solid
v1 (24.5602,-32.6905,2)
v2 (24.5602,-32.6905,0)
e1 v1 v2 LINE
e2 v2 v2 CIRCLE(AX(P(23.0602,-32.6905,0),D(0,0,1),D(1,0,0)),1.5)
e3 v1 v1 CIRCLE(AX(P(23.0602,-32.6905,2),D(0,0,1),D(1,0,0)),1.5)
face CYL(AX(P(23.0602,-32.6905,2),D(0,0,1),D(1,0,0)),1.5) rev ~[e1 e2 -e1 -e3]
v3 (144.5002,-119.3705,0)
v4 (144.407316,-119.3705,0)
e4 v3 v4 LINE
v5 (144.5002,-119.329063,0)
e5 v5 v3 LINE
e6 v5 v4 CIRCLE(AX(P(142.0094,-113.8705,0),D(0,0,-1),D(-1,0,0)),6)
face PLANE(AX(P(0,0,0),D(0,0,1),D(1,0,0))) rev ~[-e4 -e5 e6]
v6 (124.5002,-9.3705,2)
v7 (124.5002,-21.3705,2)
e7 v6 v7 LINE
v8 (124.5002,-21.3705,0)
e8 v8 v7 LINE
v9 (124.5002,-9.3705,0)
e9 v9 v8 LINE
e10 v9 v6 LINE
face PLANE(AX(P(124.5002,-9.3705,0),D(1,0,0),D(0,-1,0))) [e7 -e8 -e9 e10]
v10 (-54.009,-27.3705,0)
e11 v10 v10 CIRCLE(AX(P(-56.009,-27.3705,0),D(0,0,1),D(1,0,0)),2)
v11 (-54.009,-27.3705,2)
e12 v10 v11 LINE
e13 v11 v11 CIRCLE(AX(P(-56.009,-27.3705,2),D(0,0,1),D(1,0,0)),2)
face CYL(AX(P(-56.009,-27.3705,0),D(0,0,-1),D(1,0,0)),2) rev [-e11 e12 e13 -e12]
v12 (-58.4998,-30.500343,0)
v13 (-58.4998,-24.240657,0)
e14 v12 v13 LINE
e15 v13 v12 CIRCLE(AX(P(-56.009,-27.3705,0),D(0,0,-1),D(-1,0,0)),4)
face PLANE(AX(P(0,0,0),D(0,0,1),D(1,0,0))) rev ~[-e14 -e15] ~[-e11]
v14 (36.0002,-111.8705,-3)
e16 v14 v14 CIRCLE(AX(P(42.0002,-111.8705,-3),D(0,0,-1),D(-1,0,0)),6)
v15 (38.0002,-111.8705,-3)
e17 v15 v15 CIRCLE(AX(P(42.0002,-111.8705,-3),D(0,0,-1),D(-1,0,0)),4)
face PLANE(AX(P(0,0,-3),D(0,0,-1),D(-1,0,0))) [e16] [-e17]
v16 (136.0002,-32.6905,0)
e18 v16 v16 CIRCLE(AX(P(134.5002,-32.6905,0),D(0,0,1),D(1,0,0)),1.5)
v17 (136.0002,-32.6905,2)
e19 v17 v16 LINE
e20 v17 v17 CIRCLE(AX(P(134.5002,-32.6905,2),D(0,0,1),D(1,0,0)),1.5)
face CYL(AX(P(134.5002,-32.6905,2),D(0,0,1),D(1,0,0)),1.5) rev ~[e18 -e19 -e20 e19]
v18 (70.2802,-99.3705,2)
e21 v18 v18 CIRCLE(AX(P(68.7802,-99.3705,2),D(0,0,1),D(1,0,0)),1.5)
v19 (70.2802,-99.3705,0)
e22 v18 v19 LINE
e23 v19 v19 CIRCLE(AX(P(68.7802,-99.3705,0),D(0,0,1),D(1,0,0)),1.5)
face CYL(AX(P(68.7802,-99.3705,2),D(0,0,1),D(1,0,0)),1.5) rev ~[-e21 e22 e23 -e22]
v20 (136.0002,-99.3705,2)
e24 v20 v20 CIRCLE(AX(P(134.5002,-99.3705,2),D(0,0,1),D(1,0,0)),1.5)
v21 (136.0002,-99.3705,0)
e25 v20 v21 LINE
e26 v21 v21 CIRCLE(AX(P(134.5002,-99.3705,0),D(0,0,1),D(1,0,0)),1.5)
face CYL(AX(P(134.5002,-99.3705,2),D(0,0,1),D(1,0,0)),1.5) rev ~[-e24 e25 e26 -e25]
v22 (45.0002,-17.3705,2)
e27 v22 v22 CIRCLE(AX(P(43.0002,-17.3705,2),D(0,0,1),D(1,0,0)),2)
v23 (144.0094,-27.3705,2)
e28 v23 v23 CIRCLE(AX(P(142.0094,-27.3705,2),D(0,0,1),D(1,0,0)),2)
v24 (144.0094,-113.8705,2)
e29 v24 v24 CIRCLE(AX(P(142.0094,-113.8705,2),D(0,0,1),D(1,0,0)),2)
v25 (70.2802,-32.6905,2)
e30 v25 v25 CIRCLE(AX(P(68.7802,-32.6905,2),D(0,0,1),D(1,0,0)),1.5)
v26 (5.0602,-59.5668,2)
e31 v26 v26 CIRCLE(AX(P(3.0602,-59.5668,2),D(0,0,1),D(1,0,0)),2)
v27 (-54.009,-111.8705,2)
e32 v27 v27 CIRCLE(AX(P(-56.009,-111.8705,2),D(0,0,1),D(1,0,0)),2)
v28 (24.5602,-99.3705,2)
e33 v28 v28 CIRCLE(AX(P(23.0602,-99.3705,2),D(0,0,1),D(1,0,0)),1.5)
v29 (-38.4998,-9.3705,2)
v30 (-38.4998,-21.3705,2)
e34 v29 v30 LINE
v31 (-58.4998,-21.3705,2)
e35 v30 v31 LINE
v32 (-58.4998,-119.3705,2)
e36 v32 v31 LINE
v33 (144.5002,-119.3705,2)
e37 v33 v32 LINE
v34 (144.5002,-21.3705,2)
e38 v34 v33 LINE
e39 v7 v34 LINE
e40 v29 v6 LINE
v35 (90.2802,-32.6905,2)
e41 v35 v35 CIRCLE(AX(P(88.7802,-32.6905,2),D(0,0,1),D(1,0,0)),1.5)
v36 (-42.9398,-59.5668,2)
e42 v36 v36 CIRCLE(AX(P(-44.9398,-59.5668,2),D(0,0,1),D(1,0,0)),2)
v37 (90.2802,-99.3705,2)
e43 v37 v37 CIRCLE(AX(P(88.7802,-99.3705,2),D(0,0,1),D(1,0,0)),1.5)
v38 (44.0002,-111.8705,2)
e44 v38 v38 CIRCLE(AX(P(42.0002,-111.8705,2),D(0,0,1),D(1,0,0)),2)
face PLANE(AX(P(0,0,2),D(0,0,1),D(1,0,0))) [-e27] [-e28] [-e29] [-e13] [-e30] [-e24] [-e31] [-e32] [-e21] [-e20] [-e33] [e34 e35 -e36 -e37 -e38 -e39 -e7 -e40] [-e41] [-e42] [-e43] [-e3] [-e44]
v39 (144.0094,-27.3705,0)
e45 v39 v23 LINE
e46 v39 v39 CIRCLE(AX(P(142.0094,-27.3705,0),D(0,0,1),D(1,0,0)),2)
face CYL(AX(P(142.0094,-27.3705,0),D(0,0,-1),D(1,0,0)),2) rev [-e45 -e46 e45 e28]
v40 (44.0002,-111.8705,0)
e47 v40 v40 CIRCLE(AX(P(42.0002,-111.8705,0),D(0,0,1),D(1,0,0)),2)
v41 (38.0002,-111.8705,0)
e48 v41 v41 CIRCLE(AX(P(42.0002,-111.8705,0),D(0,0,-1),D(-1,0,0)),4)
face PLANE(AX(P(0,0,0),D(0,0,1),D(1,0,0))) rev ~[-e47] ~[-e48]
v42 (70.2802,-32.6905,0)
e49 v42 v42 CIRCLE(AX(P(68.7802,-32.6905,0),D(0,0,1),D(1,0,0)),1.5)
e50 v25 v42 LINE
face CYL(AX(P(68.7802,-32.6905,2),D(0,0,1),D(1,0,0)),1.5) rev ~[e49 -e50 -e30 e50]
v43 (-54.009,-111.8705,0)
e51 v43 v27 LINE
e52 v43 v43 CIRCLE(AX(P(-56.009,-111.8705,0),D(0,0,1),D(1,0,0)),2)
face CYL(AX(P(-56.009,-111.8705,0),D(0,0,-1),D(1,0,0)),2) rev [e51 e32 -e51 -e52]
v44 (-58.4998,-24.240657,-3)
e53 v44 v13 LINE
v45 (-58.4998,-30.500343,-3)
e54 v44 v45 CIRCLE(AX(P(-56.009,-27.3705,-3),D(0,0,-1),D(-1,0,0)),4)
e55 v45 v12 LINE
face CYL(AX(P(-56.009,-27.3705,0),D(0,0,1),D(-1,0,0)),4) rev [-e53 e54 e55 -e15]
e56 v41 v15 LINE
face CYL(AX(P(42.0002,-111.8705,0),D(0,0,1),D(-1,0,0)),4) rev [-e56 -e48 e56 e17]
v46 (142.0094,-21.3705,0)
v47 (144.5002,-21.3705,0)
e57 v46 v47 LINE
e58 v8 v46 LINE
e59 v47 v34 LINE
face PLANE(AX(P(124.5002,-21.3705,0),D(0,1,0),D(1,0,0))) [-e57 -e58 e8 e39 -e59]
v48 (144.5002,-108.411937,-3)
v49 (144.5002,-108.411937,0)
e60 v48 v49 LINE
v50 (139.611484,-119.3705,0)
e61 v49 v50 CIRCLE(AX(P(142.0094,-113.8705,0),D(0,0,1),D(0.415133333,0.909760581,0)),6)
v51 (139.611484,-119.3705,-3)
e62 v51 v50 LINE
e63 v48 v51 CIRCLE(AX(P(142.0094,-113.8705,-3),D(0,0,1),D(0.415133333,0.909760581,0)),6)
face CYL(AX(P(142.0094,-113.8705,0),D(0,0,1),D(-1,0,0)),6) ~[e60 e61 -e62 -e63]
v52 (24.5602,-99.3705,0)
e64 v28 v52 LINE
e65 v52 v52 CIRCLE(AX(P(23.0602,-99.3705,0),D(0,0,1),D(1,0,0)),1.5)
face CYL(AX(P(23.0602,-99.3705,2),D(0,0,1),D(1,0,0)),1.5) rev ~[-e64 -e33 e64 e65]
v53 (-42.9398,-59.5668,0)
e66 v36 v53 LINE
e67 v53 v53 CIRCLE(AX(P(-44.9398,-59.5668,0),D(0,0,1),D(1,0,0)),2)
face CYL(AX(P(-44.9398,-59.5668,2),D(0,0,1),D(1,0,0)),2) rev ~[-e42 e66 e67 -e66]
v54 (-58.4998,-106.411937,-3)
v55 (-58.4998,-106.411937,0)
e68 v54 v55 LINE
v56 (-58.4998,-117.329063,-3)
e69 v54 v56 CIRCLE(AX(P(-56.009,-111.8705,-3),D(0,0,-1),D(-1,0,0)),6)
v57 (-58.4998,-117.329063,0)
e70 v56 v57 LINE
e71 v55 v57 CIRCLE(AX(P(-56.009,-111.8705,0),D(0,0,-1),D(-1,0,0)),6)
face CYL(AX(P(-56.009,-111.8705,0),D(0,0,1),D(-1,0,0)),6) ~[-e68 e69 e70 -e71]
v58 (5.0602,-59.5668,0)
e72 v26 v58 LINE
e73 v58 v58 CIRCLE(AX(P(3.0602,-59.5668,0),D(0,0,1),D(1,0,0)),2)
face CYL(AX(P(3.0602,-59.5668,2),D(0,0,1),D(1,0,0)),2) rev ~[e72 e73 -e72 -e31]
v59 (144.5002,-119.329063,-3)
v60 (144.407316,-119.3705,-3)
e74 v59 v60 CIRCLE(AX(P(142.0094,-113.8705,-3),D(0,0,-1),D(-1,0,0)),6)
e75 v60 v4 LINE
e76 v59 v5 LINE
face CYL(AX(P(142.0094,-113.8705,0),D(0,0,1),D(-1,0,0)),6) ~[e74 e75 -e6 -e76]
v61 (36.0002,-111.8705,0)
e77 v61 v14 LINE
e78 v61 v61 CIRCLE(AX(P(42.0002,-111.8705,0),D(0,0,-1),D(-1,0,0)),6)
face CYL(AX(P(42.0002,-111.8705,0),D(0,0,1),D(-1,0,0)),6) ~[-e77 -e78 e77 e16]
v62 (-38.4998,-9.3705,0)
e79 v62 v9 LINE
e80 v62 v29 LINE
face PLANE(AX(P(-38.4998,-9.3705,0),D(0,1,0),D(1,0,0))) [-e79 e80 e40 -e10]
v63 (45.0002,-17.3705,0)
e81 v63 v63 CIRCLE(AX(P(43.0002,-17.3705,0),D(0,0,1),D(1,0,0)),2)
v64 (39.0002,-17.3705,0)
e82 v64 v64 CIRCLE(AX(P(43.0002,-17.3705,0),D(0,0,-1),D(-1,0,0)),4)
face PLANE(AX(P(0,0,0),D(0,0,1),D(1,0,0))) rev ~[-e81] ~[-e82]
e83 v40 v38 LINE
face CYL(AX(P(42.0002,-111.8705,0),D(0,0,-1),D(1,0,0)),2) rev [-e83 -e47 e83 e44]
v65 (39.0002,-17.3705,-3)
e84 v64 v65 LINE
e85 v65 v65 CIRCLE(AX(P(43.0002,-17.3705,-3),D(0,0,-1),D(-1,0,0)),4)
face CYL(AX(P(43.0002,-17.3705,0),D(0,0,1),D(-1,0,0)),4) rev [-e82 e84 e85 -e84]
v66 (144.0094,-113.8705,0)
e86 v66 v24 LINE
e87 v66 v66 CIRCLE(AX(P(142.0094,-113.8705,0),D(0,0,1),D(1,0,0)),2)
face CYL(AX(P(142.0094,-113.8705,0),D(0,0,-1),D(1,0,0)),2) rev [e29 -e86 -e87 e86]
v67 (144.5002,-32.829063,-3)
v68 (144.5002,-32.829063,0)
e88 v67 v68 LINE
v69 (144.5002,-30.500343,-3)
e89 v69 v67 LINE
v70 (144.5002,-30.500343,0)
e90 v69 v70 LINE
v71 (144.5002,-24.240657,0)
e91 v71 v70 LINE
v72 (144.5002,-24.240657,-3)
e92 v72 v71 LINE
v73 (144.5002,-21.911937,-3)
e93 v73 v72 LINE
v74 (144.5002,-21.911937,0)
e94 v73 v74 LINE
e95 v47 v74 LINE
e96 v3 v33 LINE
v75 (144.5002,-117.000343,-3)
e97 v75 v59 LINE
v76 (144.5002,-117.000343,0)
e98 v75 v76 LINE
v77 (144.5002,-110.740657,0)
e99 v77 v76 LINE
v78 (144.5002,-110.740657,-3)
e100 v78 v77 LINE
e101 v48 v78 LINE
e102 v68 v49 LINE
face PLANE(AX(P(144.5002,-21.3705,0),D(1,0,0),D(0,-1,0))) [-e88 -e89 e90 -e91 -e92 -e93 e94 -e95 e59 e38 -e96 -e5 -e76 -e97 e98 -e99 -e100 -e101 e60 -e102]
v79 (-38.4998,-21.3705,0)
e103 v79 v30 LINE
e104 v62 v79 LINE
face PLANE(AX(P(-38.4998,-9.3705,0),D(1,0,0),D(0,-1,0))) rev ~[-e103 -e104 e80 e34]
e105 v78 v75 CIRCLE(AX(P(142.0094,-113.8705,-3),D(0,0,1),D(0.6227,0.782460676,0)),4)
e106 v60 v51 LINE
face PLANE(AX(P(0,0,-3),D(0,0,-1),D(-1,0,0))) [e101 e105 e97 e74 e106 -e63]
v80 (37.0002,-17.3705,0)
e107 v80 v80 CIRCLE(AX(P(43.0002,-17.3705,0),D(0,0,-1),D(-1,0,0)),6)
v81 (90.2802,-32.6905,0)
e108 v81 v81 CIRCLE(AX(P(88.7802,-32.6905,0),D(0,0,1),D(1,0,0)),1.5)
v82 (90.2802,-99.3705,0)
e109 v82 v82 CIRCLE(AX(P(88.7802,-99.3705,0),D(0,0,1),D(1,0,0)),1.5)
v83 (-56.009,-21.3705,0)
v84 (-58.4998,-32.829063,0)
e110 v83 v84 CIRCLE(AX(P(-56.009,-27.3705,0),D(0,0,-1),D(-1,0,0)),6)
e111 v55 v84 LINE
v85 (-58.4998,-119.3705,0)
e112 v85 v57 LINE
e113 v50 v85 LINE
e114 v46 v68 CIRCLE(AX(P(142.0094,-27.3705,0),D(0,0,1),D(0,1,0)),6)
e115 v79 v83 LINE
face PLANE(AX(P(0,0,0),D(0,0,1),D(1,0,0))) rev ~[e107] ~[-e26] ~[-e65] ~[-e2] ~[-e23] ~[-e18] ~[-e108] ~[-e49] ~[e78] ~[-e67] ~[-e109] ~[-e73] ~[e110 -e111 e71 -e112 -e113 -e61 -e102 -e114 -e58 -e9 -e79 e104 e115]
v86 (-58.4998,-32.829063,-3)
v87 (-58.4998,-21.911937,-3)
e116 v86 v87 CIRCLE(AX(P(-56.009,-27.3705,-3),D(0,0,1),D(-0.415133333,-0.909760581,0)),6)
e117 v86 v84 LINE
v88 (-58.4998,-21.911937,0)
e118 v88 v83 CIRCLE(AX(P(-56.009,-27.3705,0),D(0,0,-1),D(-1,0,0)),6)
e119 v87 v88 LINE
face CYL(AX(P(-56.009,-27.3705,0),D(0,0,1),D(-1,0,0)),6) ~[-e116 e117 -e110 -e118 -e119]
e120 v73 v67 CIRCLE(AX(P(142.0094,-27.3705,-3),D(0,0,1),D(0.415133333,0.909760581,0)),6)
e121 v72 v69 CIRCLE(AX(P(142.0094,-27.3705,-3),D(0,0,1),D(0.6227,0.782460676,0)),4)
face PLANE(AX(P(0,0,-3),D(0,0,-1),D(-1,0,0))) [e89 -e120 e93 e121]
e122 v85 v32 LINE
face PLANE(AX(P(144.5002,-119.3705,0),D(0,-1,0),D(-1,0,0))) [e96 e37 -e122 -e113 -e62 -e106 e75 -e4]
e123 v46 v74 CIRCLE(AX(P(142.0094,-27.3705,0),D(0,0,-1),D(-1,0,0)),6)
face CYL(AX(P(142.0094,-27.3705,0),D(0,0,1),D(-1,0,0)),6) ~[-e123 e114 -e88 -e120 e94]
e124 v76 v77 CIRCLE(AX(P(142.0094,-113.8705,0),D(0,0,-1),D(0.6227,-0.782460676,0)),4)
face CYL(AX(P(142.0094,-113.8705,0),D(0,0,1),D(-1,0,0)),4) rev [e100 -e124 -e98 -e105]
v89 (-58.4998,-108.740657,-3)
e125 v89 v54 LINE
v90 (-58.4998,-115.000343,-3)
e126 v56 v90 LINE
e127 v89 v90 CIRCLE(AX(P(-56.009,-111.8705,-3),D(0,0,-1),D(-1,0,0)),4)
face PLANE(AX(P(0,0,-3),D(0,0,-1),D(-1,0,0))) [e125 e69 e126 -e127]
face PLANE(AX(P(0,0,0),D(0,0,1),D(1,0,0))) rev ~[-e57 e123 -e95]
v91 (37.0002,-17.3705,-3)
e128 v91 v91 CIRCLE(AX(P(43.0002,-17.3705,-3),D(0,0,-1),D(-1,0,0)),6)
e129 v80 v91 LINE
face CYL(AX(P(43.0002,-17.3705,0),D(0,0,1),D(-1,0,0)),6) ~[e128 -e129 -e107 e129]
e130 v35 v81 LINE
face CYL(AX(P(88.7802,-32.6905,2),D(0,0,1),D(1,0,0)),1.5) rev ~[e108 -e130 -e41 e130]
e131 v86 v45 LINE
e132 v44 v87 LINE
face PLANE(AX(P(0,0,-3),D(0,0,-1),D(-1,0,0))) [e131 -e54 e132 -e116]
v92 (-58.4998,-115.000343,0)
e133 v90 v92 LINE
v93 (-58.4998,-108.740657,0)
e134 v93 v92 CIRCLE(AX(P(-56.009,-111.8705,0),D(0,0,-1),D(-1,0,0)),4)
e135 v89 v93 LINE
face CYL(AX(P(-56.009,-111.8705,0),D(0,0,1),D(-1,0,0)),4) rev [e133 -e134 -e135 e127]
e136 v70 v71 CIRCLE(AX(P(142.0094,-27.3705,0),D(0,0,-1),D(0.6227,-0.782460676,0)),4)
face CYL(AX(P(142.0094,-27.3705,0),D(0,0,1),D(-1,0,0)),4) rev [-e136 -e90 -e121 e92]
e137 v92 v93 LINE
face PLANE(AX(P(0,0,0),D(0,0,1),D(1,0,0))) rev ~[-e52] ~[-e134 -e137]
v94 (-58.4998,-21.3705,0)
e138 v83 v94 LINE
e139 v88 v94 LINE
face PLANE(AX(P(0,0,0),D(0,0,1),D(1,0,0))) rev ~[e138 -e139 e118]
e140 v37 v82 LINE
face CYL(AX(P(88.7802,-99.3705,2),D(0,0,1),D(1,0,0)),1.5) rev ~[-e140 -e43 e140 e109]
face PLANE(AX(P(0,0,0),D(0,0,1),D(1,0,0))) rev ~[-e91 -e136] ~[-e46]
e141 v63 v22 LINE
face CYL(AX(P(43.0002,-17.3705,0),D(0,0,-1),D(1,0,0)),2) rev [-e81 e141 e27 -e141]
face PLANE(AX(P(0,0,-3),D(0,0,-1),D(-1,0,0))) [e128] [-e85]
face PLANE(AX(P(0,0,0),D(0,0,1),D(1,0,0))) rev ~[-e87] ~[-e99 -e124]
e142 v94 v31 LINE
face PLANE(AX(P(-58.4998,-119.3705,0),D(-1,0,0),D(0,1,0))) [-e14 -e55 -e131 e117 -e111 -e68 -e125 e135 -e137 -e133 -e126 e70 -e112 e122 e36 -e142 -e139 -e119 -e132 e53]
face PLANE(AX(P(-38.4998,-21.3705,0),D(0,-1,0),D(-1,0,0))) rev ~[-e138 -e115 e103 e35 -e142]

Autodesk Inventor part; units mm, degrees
ref_plane "YZ Plane" through (0, 0, 0) normal (1, 0, 0) x (0, 1, 0)
ref_plane "XZ Plane" through (0, 0, 0) normal (0, 1, 0) x (-1, 0, 0)
ref_plane "XY Plane" through (0, 0, 0) normal (0, 0, 1) x (1, 0, 0)
sketch "Sketch1" plane through (0, 0, 0) normal (0, 0, 1) x (1, 0, 0)
  line L0 (-58.4998, -9.3705) -> (144.5002, -9.3705)
  line L1 (144.5002, -9.3705) -> (144.5002, -119.3705)
  line L2 (144.5002, -119.3705) -> (-58.4998, -119.3705)
  line L3 (-58.4998, -119.3705) -> (-58.4998, -9.3705)
  line L4 (-58.4998, -9.3705) -> (-38.4998, -9.3705)
  line L5 (-38.4998, -9.3705) -> (-38.4998, -21.3705)
  line L6 (-38.4998, -21.3705) -> (-58.4998, -21.3705)
  line L7 (-58.4998, -21.3705) -> (-58.4998, -9.3705)
  line L8 (144.5002, -9.3705) -> (124.5002, -9.3705)
  line L9 (124.5002, -9.3705) -> (124.5002, -21.3705)
  line L10 (124.5002, -21.3705) -> (144.5002, -21.3705)
  line L11 (144.5002, -21.3705) -> (144.5002, -9.3705)
  circle A0 centre (-56.009, -27.3705) radius 2
  circle A1 centre (142.0094, -27.3705) radius 2
  circle A2 centre (43.0002, -17.3705) radius 2
  circle A3 centre (-56.009, -111.8705) radius 2
  circle A4 centre (42.0002, -111.8705) radius 2
  circle A5 centre (142.0094, -113.8705) radius 2
  point P0 (0, 0)
  dimension "d0" = 203
  dimension "d1" = 110
  dimension "d2" = 20
  dimension "d3" = 12
  dimension "d4" = 20
  dimension "d5" = 12
  dimension "d6" = 4
  dimension "d7" = 4
  dimension "d8" = 198.0184
  dimension "d9" = 2.4908
  dimension "d10" = 18
  dimension "d11" = 4
  dimension "d12" = 10
  dimension "d13" = 99.0092
  dimension "d14" = 4
  dimension "d15" = 84.5
  dimension "d16" = 4
  dimension "d17" = 4
  dimension "d18" = 0
extrude "Extrusion1" add sketch "Sketch1" along normal blind 2 contours L0 L9 L10 L1 L2 L3 L6 L5
sketch "Sketch2" plane through (0, 0, 2) normal (0, 0, 1) x (1, 0, 0)
  circle A0 centre (134.5002, -99.3705) radius 1.5
  line L0 (144.5002, -119.3705) -> (144.5002, -21.3705) projected
  line L1 (-58.4998, -119.3705) -> (144.5002, -119.3705) projected
  circle A1 centre (134.5002, -32.6905) radius 1.5
  circle A2 centre (88.7802, -99.3705) radius 1.5
  circle A3 centre (88.7802, -32.6905) radius 1.5
  circle A4 centre (68.7802, -99.3705) radius 1.5
  circle A5 centre (68.7802, -32.6905) radius 1.5
  circle A6 centre (23.0602, -32.6905) radius 1.5
  circle A7 centre (23.0602, -99.3705) radius 1.5
  circle A8 centre (-44.9398, -59.5668) radius 2
  circle A9 centre (3.0602, -59.5668) radius 2
  point P0 (0, 0)
  dimension "d21" = 3
  dimension "d22" = 10
  dimension "d23" = 20
  dimension "d24" = 3
  dimension "d25" = 10
  dimension "d26" = 66.68
  dimension "d27" = 3
  dimension "d28" = 45.72
  dimension "d29" = 3
  dimension "d30" = 45.72
  dimension "d31" = 66.68
  dimension "d32" = 3
  dimension "d33" = 20
  dimension "d34" = 3
  dimension "d35" = 3
  dimension "d36" = 45.72
  dimension "d37" = 20
  dimension "d38" = 3
  dimension "d39" = 4
  dimension "d40" = 4
  dimension "d41" = 48
  dimension "d42" = 20
extrude "Extrusion2" cut sketch "Sketch2" against normal blind 2
sketch "Sketch3" plane through (0, 0, 0) normal (0, 0, -1) x (-1, 0, 0)
  circle A0 centre (56.009, -111.8705) radius 2 projected
  circle A1 centre (-42.0002, -111.8705) radius 2 projected
  circle A2 centre (-142.0094, -113.8705) radius 2 projected
  circle A3 centre (-142.0094, -27.3705) radius 2 projected
  circle A4 centre (-43.0002, -17.3705) radius 2 projected
  circle A5 centre (56.009, -27.3705) radius 2 projected
  circle A6 centre (56.009, -111.8705) radius 6
  circle A7 centre (-42.0002, -111.8705) radius 6
  circle A8 centre (-142.0094, -113.8705) radius 2 projected
  circle A9 centre (-142.0094, -113.8705) radius 6
  circle A10 centre (-43.0002, -17.3705) radius 6
  circle A11 centre (-142.0094, -27.3705) radius 6
  circle A12 centre (56.009, -27.3705) radius 6
  circle A13 centre (56.009, -111.8705) radius 4
  circle A14 centre (-42.0002, -111.8705) radius 4
  circle A15 centre (56.009, -27.3705) radius 4
  circle A16 centre (-43.0002, -17.3705) radius 4
  circle A17 centre (-142.0094, -27.3705) radius 4
  circle A18 centre (-142.0094, -113.8705) radius 4
  point P0 (0, 0)
  dimension "d45" = 12
  dimension "d46" = 12
  dimension "d47" = 12
  dimension "d48" = 12
  dimension "d49" = 12
  dimension "d50" = 12
  dimension "d51" = 8
  dimension "d52" = 8
  dimension "d53" = 8
  dimension "d54" = 8
  dimension "d55" = 8
  dimension "d56" = 8
extrude "Extrusion3" add sketch "Sketch3" along normal blind 3 contours A6 | A7 | A9 | A10 | A11 | A12
sketch "Sketch4" plane through (0, 0, 2) normal (0, 0, 1) x (1, 0, 0)
  line L0 (124.5002, -9.3705) -> (-38.4998, -9.3705) projected
  line L1 (-38.4998, -9.3705) -> (-38.4998, -21.3705) projected
  line L2 (-38.4998, -21.3705) -> (-58.4998, -21.3705) projected
  line L3 (-58.4998, -21.3705) -> (-58.4998, -119.3705) projected
  line L4 (-58.4998, -119.3705) -> (144.5002, -119.3705) projected
  line L5 (144.5002, -119.3705) -> (144.5002, -21.3705) projected
  line L6 (144.5002, -21.3705) -> (124.5002, -21.3705) projected
  line L7 (124.5002, -21.3705) -> (124.5002, -9.3705) projected
  line L8 (-77.131, 13.4165) -> (211.8208, 13.4165)
  line L9 (211.8208, 13.4165) -> (211.8208, -174.2275)
  line L10 (211.8208, -174.2275) -> (-77.131, -174.2275)
  line L11 (-77.131, -174.2275) -> (-77.131, 13.4165)
  point P0 (0, 0)
extrude "Extrusion4" cut sketch "Sketch4" against normal through all
equation "\"d13\" = 0.5 * d8"
properties part number "RoboClawPlate"
